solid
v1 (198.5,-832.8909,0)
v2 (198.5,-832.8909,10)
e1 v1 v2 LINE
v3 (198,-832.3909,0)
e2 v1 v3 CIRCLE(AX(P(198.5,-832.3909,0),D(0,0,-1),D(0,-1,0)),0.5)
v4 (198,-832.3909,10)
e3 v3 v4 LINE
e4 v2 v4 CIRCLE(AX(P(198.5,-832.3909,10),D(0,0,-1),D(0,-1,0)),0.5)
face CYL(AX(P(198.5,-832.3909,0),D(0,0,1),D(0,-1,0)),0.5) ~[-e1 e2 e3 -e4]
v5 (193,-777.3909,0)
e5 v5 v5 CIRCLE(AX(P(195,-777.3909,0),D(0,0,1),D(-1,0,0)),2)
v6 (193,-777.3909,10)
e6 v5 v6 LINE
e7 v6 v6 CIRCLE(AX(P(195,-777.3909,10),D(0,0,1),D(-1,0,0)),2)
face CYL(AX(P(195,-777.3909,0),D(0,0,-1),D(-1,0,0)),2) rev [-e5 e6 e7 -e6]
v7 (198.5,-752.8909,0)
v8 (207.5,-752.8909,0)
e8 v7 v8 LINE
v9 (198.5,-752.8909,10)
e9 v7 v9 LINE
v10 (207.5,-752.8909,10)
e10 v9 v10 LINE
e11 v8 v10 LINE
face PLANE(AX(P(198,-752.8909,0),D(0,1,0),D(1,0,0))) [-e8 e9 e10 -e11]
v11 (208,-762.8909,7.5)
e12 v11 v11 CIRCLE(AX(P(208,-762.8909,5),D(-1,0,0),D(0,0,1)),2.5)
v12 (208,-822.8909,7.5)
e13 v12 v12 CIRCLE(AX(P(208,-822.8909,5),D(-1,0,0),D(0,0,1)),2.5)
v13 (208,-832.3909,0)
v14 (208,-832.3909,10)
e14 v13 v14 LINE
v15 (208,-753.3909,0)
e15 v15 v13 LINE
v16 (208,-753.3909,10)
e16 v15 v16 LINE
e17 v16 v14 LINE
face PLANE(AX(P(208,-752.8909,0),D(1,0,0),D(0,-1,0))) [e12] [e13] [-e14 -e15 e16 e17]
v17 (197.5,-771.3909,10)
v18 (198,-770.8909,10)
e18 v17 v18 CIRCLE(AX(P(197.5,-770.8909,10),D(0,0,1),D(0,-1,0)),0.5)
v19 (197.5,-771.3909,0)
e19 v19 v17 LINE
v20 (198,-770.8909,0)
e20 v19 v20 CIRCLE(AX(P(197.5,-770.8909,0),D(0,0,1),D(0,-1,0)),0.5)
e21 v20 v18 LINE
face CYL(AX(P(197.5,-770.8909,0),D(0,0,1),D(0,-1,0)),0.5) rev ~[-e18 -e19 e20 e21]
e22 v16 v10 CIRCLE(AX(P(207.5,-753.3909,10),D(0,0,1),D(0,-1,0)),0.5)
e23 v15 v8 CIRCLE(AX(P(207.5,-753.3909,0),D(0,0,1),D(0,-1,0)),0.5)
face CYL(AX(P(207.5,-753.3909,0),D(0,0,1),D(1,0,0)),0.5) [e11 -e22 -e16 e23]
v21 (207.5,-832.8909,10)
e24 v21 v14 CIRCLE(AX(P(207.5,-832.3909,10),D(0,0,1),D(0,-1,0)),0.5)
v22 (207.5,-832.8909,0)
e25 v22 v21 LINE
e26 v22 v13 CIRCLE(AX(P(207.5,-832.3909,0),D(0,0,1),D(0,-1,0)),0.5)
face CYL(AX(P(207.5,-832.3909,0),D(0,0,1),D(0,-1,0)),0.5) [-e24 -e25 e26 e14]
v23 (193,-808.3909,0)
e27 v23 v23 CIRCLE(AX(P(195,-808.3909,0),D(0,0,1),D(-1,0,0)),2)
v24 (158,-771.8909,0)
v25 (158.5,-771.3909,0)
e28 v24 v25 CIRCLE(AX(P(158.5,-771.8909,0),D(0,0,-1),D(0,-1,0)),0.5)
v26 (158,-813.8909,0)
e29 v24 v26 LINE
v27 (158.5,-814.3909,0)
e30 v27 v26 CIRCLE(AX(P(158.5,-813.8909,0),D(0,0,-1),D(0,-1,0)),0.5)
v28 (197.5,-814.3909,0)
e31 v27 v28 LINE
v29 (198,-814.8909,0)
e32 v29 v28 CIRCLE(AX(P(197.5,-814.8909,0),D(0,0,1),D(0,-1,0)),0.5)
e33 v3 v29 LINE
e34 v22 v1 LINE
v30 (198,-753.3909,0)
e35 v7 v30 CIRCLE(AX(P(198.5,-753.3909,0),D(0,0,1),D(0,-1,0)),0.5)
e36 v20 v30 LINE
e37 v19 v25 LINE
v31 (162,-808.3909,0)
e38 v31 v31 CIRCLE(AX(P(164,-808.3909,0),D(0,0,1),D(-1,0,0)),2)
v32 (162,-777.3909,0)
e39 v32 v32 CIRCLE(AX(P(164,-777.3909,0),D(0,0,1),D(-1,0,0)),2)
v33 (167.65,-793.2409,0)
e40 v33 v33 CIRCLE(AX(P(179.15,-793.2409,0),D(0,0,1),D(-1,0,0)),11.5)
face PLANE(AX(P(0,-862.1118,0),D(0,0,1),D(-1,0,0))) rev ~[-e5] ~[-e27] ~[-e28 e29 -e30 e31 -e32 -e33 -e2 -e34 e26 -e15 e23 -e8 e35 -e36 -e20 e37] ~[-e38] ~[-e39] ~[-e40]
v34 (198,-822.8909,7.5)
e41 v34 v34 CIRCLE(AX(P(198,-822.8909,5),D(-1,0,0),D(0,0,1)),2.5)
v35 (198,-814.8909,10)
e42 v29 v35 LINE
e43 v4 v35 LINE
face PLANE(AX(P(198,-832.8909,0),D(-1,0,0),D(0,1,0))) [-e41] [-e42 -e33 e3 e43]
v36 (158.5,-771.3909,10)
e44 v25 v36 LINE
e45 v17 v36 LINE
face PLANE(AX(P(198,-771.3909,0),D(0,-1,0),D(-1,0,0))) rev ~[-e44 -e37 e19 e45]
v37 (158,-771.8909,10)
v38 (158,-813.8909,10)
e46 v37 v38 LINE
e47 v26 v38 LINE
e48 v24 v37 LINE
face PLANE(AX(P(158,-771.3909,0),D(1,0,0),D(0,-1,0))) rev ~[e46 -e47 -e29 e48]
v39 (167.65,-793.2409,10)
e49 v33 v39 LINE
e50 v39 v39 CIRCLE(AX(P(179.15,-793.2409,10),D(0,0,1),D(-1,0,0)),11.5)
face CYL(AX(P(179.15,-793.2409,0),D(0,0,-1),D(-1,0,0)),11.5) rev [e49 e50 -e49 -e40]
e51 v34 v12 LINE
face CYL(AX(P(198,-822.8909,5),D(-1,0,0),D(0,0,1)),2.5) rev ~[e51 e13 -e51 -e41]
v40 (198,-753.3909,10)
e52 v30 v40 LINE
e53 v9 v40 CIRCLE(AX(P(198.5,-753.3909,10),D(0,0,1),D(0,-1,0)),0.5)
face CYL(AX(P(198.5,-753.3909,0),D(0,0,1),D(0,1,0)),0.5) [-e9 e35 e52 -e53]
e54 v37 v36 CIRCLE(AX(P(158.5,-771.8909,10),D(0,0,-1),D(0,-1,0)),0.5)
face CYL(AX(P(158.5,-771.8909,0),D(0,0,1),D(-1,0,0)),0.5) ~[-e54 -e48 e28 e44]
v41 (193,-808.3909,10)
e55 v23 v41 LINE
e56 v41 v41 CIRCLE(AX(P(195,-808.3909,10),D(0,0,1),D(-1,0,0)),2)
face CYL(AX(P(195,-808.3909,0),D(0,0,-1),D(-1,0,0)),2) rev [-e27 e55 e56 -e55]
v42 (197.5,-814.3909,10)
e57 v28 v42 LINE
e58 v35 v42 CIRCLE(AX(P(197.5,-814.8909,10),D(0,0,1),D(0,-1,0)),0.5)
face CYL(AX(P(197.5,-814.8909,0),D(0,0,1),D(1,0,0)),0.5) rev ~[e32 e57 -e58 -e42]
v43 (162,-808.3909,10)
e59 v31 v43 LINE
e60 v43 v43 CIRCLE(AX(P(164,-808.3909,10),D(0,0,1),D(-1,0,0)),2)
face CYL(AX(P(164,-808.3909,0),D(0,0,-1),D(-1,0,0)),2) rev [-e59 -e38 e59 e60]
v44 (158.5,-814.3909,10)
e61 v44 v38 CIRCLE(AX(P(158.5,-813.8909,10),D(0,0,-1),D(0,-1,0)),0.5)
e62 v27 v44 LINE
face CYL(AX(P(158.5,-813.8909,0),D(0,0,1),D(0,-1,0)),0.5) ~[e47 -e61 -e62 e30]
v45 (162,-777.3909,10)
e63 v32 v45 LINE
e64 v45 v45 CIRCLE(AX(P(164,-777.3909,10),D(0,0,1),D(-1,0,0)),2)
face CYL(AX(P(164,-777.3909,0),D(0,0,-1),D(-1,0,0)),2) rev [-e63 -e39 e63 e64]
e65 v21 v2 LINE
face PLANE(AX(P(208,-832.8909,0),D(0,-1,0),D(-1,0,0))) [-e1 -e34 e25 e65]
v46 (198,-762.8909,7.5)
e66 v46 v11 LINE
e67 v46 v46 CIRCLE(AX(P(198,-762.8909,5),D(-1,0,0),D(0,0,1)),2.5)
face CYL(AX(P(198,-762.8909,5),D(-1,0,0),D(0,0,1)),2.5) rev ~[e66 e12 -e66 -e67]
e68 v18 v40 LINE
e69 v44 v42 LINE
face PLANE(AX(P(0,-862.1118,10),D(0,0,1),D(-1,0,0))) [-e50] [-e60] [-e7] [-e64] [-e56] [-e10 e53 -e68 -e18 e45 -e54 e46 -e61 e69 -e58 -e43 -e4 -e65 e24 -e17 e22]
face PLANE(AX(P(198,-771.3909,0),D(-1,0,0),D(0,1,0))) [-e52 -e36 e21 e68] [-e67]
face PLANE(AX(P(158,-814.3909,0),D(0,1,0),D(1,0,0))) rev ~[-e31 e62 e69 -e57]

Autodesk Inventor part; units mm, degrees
ref_plane "YZ Plane" through (0, 0, 0) normal (1, 0, 0) x (0, 1, 0)
ref_plane "XZ Plane" through (0, 0, 0) normal (0, 1, 0) x (-1, 0, 0)
ref_plane "Work Plane1" through (0, -862.1118, 0) normal (0, 0, 1) x (-1, 0, 0)
sketch "Sketch1" plane through (0, -862.1118, 0) normal (0, 0, 1) x (-1, 0, 0)
  circle A0 centre (-188, -18) radius 4 construction
  line L0 (-220, -478) -> (-220, 22) construction
  line L1 (-220, -478) -> (-208, -478) construction
  line L2 (-208, 22) -> (-208, -478) construction
  line L3 (-220, 22) -> (-208, 22) construction
  line L4 (-208, -29.2209) -> (-198, -29.2209)
  line L5 (-198, -109.2209) -> (-208, -109.2209)
  line L6 (-208, -109.2209) -> (-208, -29.2209)
  line L7 (-158, -47.7209) -> (-198, -47.7209)
  line L8 (-198, -90.7209) -> (-158, -90.7209)
  line L9 (-158, -90.7209) -> (-158, -47.7209)
  circle A1 centre (-179.15, -68.8709) radius 11.5
  circle A2 centre (-164, -53.7209) radius 2
  circle A3 centre (-195, -53.7209) radius 2
  circle A4 centre (-195, -84.7209) radius 2
  circle A5 centre (-164, -84.7209) radius 2
  line L10 (-195, -84.7209) -> (-195, -53.7209) construction
  line L11 (-195, -84.7209) -> (-164, -84.7209) construction
  line L12 (-198, -29.2209) -> (-198, -47.7209)
  line L13 (-198, -90.7209) -> (-198, -109.2209)
  point P0 (0, -862.1118)
  dimension "d0" = 10
  dimension "d1" = 80
  dimension "d3" = 43
  dimension "d4" = 18.5
  dimension "d5" = 18.5
  dimension "d6" = 23
  dimension "d7" = 4
  dimension "d8" = 4
  dimension "d9" = 4
  dimension "d10" = 4
  dimension "d11" = 31
  dimension "d12" = 31
  dimension "d13" = 31
  dimension "d14" = 31
  dimension "d15" = 6
  dimension "d18" = 6
  dimension "d19" = 6
  dimension "d20" = 6
  dimension "d21" = 90
  dimension "d25" = 21.15
  dimension "d26" = 21.15
  dimension "d27" = 90
  dimension "d28" = 90
  dimension "d29" = 18.5
  dimension "d41" = 40
  dimension "d42" = 40
extrude "Tykkelse" add sketch "Sketch1" along normal blind 10
sketch "Sketch2" plane through (198, -832.8909, 0) normal (-1, 0, 0) x (0, 0, 1)
  line L0 (0, 0) -> (10, 0) projected
  line L1 (10, 18.5) -> (10, 0) projected
  line L2 (0, 80) -> (0, 61.5) projected
  line L3 (0, 61.5) -> (10, 61.5) projected
  line L4 (10, 80) -> (10, 61.5) projected
  line L5 (0, 80) -> (10, 80) projected
  circle A0 centre (5, 70) radius 2.5
  circle A1 centre (5, 10) radius 2.5
  point P0 (0, 832.8909)
  dimension "d32" = 5
  dimension "d33" = 5
  dimension "d34" = 10
  dimension "d35" = 5
  dimension "d36" = 5
  dimension "d37" = 10
extrude "Befæstelseshuller" cut sketch "Sketch2" against normal up to surface (10 mm away) contours A0 | A1
fillet "Fillet1" radius 0.5 8 edges at (198, -814.3909, 5) (198, -771.3909, 5) (158, -771.3909, 5) (158, -814.3909, 5) (198, -832.8909, 5) (208, -832.8909, 5) (198, -752.8909, 5) (208, -752.8909, 5)
equation "\"d4\" = d5"
equation "\"d8\" = d7"
equation "\"d9\" = d7"
equation "\"d10\" = d7"
equation "\"d13\" = d11"
equation "\"d14\" = d12"
equation "\"d15\" = d20"
equation "\"d18\" = d15"
equation "\"d19\" = d18"
equation "\"d42\" = d41"
equation "\"d32\" = d33"
equation "\"d36\" = d35"
equation "\"d37\" = d34"
properties part number "Stepper Holder X&Y_3" material "Aluminum 6061"
